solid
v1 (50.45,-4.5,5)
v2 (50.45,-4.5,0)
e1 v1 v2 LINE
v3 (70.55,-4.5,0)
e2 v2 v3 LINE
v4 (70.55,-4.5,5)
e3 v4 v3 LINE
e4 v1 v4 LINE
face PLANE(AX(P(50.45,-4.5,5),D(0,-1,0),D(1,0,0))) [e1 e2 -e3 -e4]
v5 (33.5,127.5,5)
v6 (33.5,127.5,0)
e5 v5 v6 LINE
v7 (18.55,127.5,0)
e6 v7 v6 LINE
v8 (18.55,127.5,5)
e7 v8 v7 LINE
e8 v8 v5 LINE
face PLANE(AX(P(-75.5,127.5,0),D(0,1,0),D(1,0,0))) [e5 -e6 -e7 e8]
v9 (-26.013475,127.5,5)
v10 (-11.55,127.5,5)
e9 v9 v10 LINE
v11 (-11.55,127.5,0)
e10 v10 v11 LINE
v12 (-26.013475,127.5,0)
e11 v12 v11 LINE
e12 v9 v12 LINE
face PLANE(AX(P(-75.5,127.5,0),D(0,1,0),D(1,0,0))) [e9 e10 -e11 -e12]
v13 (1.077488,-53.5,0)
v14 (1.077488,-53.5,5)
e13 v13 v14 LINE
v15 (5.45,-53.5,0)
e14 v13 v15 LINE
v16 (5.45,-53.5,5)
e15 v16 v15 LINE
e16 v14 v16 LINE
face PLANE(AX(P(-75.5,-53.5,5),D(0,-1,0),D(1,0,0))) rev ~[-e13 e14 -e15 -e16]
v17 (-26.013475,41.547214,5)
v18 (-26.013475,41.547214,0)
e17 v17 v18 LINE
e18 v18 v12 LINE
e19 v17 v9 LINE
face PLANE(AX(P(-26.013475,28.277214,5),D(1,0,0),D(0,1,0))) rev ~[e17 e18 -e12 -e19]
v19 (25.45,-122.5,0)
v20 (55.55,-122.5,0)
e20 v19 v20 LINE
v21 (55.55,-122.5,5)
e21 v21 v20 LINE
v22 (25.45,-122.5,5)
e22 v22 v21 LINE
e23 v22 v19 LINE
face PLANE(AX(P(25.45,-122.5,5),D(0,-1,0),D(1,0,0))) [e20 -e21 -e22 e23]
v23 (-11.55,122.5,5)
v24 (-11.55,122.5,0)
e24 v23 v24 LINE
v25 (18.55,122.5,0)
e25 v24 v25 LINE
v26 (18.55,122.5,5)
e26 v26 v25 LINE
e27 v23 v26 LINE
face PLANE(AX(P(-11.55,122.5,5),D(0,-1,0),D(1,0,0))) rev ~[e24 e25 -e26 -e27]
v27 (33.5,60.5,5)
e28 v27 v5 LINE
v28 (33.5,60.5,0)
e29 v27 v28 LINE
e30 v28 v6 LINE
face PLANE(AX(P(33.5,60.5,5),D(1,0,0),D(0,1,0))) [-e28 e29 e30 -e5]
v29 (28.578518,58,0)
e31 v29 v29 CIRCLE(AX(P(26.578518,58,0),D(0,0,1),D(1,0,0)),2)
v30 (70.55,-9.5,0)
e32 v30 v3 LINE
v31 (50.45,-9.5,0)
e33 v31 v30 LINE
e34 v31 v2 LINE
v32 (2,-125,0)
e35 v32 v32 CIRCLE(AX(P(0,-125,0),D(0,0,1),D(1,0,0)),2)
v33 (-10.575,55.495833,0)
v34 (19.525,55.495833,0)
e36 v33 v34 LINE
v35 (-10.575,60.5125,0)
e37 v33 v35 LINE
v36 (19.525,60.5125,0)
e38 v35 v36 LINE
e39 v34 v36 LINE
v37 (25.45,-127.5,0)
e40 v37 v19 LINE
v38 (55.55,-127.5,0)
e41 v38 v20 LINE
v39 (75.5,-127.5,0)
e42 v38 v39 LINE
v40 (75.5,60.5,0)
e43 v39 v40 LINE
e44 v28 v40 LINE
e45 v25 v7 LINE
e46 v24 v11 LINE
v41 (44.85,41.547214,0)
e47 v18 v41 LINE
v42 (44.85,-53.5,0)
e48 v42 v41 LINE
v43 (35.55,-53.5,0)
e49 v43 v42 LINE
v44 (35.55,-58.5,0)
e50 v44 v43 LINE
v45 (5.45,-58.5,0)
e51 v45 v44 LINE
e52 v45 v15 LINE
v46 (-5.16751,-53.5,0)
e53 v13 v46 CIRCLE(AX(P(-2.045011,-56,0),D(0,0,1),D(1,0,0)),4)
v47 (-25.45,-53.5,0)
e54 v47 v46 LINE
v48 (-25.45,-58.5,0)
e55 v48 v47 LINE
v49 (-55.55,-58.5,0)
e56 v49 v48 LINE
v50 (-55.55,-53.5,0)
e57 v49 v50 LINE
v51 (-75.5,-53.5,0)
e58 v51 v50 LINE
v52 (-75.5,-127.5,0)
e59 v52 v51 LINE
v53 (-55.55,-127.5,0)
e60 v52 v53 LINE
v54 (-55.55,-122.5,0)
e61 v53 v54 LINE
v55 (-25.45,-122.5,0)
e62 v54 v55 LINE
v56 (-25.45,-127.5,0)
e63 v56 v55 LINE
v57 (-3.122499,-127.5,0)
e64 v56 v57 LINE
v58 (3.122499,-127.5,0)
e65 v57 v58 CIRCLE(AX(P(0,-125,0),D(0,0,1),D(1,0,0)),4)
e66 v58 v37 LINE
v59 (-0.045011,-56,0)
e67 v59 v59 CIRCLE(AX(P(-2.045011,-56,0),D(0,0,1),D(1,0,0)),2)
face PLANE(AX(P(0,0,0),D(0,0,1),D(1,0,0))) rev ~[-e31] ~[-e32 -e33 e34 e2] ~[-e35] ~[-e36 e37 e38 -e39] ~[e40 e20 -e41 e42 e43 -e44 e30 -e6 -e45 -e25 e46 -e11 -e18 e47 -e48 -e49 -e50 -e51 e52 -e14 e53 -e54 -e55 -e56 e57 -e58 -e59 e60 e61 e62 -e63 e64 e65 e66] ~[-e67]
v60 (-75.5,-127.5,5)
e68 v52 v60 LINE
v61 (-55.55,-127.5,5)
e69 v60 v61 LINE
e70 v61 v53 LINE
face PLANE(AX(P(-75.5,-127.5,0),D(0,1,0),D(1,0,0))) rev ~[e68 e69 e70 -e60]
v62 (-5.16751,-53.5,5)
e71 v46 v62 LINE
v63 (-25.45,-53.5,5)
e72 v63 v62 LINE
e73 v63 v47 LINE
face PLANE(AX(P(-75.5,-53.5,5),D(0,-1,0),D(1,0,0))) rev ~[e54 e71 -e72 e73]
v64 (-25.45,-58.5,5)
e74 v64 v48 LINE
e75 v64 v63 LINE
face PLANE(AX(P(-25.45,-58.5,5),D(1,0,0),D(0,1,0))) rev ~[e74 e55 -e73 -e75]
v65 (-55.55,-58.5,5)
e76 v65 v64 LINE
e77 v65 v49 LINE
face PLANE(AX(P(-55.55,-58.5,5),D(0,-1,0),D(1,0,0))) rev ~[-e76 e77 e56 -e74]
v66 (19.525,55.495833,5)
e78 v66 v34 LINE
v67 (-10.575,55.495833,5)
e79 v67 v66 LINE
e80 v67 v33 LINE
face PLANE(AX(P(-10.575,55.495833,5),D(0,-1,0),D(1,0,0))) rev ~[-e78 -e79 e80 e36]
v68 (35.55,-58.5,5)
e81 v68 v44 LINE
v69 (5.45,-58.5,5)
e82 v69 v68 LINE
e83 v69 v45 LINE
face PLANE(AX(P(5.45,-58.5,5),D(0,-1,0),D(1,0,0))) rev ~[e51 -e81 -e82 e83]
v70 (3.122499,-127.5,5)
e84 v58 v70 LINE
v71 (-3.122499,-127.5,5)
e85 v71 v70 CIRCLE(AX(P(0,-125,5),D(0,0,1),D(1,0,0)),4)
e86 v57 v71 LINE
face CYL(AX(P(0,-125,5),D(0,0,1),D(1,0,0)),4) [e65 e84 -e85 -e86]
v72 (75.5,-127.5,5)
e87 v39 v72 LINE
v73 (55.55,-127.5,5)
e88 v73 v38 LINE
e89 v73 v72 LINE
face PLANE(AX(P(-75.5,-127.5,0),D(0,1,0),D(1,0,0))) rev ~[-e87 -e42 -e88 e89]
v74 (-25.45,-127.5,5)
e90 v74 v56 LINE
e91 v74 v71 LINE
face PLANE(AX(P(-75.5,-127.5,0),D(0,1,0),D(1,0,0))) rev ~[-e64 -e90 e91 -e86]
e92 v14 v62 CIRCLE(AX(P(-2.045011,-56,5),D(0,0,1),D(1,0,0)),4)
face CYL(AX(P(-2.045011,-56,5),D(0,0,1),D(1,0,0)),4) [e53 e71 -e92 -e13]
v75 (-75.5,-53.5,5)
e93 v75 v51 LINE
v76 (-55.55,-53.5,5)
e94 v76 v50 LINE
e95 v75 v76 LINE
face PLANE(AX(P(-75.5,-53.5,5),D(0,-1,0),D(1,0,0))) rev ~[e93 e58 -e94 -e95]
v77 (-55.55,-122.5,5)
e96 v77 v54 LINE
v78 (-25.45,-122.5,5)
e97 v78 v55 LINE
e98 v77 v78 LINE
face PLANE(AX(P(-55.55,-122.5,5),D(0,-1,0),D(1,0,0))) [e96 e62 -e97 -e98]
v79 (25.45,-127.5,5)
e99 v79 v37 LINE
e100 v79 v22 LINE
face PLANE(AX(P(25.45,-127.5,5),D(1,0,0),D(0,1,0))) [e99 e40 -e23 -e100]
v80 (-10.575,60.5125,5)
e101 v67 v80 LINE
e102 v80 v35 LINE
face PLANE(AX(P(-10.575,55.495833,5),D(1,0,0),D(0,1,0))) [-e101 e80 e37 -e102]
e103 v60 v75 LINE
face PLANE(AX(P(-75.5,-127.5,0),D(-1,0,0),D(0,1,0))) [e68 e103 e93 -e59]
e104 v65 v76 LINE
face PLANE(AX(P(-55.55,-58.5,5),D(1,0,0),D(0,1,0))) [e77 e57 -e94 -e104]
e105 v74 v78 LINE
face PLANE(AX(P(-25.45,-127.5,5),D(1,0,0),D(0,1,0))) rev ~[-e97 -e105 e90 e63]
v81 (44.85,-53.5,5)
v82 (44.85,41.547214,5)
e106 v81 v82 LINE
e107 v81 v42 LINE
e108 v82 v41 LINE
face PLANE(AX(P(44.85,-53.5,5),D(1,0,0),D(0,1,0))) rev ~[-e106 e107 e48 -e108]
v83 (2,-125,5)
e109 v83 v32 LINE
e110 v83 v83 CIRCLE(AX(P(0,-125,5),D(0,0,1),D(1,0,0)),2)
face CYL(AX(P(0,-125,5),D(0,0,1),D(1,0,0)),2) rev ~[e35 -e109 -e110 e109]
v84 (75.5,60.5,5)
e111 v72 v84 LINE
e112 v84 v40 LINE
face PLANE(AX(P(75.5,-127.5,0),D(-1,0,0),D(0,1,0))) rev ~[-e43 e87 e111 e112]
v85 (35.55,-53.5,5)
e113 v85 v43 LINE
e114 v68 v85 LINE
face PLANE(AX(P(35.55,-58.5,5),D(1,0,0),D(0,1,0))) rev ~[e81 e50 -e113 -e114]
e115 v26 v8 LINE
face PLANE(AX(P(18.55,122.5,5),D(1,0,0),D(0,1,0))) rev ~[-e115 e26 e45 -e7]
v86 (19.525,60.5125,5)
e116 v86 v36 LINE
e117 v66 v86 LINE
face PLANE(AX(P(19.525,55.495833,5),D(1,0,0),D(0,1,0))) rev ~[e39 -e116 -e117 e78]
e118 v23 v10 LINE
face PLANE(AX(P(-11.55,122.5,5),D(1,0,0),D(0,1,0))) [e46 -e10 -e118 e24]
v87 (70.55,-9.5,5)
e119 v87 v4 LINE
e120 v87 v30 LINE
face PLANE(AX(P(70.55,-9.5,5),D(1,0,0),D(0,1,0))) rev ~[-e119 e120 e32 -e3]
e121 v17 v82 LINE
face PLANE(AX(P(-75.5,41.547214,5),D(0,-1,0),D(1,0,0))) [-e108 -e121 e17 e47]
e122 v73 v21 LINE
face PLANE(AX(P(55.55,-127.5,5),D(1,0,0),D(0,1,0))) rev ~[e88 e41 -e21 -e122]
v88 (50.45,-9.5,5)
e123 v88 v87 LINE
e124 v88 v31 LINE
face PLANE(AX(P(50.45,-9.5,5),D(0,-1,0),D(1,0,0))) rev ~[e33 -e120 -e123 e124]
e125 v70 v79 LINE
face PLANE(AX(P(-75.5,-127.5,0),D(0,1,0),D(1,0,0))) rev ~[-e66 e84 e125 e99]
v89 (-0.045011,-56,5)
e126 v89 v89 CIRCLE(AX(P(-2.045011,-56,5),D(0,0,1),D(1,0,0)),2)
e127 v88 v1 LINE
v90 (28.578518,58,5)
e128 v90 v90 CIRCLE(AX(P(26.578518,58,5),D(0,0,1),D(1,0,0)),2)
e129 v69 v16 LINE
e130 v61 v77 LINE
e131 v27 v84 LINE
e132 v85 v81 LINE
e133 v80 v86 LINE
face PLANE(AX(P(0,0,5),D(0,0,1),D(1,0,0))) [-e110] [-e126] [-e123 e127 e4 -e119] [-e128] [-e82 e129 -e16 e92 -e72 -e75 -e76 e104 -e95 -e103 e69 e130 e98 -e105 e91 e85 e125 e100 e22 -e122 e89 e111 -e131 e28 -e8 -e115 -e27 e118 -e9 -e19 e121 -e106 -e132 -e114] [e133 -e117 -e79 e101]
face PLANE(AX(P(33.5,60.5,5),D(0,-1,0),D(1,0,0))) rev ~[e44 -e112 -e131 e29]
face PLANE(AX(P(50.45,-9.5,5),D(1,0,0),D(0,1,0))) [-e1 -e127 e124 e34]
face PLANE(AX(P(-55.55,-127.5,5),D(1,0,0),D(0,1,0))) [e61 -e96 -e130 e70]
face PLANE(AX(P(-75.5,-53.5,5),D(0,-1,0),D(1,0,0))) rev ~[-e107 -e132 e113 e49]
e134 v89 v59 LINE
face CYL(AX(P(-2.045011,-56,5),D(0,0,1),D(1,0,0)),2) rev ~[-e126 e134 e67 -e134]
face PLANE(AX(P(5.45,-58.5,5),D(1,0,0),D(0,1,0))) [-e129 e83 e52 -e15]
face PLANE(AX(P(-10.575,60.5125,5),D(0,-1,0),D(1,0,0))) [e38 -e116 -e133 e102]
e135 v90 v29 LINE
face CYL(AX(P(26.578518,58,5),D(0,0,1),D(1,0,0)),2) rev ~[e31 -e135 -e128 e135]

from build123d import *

# Parameters (mm, degrees)
SKETCH1_W           = 151
SKETCH1_H           = 255
BOSS_EXTRUDE1_DEPTH = 5
SKETCH2_W           = 49.486524855
SKETCH2_H           = 99.222786378
CUT_EXTRUDE1_DEPTH  = 5
SKETCH3_W           = 42
SKETCH3_H           = 67
CUT_EXTRUDE2_DEPTH  = 5
SKETCH4_W           = 120.35
SKETCH4_H           = 95.04721362
CUT_EXTRUDE3_DEPTH  = 5
SKETCH5_W           = 30.1
SKETCH5_H           = 5
SKETCH5_W_2         = 20.1
SKETCH5_H_2         = 5.016666667
CUT_EXTRUDE4_DEPTH  = 5
SKETCH6_R           = 2
CUT_EXTRUDE5_DEPTH  = 10
SKETCH8_R           = 4
SKETCH8_R_2         = 2
BOSS_EXTRUDE2_DEPTH = 5


with BuildPart() as part:
    # Sketch1 → Boss-Extrude1 (new body)
    with BuildSketch(Plane.XY):
        Rectangle(SKETCH1_W, SKETCH1_H)
    extrude(amount=BOSS_EXTRUDE1_DEPTH)

    # Sketch2 → Cut-Extrude1 (cut)
    with BuildSketch(Plane.XY.offset(5)):
        with Locations((-50.756737573, 77.888606811)):
            Rectangle(SKETCH2_W, SKETCH2_H)
    extrude(amount=-CUT_EXTRUDE1_DEPTH, mode=Mode.SUBTRACT)

    # Sketch3 → Cut-Extrude2 (cut)
    with BuildSketch(Plane.XY.offset(5)):
        with Locations((54.5, 94)):
            Rectangle(SKETCH3_W, SKETCH3_H)
    extrude(amount=-CUT_EXTRUDE2_DEPTH, mode=Mode.SUBTRACT)

    # Sketch4 → Cut-Extrude3 (cut)
    with BuildSketch(Plane.XY.offset(5)):
        with Locations((-15.325, -5.976393188)):
            Rectangle(SKETCH4_W, SKETCH4_H)
    extrude(amount=-CUT_EXTRUDE3_DEPTH, mode=Mode.SUBTRACT)

    # Sketch5 → Cut-Extrude4 (cut)
    with BuildSketch(Plane.XY.offset(5)):
        with Locations((40.5, -125)):
            Rectangle(SKETCH5_W, SKETCH5_H)
        with Locations((-40.5, -125)):
            Rectangle(SKETCH5_W, SKETCH5_H)
        with Locations((20.5, -56)):
            Rectangle(SKETCH5_W, SKETCH5_H)
        with Locations((-40.5, -56)):
            Rectangle(SKETCH5_W, SKETCH5_H)
        with Locations((60.5, -7)):
            Rectangle(SKETCH5_W_2, SKETCH5_H)
        with Locations((4.475, 58.004166666)):
            Rectangle(SKETCH5_W, SKETCH5_H_2)
        with Locations((3.5, 125)):
            Rectangle(SKETCH5_W, SKETCH5_H)
    extrude(amount=-CUT_EXTRUDE4_DEPTH, mode=Mode.SUBTRACT)

    # Sketch6 → Cut-Extrude5 (cut)
    with BuildSketch(Plane.XY.offset(5)):
        with Locations((0, -125)):
            Circle(SKETCH6_R)
        with Locations((-2.045010771, -56)):
            Circle(SKETCH6_R)
        with Locations((26.57851787, 58)):
            Circle(SKETCH6_R)
    extrude(amount=-CUT_EXTRUDE5_DEPTH, mode=Mode.SUBTRACT)

    # Sketch8 → Boss-Extrude2 (add)
    with BuildSketch(Plane.XY.offset(5)):
        with Locations((0, -125)):
            Circle(SKETCH8_R)
        with Locations((0, -125)):
            Circle(SKETCH8_R_2, mode=Mode.SUBTRACT)
        with Locations((-2.045010771, -56)):
            Circle(SKETCH8_R)
        with Locations((-2.045010771, -56)):
            Circle(SKETCH8_R_2, mode=Mode.SUBTRACT)
    extrude(amount=-BOSS_EXTRUDE2_DEPTH)


solid = part.part
